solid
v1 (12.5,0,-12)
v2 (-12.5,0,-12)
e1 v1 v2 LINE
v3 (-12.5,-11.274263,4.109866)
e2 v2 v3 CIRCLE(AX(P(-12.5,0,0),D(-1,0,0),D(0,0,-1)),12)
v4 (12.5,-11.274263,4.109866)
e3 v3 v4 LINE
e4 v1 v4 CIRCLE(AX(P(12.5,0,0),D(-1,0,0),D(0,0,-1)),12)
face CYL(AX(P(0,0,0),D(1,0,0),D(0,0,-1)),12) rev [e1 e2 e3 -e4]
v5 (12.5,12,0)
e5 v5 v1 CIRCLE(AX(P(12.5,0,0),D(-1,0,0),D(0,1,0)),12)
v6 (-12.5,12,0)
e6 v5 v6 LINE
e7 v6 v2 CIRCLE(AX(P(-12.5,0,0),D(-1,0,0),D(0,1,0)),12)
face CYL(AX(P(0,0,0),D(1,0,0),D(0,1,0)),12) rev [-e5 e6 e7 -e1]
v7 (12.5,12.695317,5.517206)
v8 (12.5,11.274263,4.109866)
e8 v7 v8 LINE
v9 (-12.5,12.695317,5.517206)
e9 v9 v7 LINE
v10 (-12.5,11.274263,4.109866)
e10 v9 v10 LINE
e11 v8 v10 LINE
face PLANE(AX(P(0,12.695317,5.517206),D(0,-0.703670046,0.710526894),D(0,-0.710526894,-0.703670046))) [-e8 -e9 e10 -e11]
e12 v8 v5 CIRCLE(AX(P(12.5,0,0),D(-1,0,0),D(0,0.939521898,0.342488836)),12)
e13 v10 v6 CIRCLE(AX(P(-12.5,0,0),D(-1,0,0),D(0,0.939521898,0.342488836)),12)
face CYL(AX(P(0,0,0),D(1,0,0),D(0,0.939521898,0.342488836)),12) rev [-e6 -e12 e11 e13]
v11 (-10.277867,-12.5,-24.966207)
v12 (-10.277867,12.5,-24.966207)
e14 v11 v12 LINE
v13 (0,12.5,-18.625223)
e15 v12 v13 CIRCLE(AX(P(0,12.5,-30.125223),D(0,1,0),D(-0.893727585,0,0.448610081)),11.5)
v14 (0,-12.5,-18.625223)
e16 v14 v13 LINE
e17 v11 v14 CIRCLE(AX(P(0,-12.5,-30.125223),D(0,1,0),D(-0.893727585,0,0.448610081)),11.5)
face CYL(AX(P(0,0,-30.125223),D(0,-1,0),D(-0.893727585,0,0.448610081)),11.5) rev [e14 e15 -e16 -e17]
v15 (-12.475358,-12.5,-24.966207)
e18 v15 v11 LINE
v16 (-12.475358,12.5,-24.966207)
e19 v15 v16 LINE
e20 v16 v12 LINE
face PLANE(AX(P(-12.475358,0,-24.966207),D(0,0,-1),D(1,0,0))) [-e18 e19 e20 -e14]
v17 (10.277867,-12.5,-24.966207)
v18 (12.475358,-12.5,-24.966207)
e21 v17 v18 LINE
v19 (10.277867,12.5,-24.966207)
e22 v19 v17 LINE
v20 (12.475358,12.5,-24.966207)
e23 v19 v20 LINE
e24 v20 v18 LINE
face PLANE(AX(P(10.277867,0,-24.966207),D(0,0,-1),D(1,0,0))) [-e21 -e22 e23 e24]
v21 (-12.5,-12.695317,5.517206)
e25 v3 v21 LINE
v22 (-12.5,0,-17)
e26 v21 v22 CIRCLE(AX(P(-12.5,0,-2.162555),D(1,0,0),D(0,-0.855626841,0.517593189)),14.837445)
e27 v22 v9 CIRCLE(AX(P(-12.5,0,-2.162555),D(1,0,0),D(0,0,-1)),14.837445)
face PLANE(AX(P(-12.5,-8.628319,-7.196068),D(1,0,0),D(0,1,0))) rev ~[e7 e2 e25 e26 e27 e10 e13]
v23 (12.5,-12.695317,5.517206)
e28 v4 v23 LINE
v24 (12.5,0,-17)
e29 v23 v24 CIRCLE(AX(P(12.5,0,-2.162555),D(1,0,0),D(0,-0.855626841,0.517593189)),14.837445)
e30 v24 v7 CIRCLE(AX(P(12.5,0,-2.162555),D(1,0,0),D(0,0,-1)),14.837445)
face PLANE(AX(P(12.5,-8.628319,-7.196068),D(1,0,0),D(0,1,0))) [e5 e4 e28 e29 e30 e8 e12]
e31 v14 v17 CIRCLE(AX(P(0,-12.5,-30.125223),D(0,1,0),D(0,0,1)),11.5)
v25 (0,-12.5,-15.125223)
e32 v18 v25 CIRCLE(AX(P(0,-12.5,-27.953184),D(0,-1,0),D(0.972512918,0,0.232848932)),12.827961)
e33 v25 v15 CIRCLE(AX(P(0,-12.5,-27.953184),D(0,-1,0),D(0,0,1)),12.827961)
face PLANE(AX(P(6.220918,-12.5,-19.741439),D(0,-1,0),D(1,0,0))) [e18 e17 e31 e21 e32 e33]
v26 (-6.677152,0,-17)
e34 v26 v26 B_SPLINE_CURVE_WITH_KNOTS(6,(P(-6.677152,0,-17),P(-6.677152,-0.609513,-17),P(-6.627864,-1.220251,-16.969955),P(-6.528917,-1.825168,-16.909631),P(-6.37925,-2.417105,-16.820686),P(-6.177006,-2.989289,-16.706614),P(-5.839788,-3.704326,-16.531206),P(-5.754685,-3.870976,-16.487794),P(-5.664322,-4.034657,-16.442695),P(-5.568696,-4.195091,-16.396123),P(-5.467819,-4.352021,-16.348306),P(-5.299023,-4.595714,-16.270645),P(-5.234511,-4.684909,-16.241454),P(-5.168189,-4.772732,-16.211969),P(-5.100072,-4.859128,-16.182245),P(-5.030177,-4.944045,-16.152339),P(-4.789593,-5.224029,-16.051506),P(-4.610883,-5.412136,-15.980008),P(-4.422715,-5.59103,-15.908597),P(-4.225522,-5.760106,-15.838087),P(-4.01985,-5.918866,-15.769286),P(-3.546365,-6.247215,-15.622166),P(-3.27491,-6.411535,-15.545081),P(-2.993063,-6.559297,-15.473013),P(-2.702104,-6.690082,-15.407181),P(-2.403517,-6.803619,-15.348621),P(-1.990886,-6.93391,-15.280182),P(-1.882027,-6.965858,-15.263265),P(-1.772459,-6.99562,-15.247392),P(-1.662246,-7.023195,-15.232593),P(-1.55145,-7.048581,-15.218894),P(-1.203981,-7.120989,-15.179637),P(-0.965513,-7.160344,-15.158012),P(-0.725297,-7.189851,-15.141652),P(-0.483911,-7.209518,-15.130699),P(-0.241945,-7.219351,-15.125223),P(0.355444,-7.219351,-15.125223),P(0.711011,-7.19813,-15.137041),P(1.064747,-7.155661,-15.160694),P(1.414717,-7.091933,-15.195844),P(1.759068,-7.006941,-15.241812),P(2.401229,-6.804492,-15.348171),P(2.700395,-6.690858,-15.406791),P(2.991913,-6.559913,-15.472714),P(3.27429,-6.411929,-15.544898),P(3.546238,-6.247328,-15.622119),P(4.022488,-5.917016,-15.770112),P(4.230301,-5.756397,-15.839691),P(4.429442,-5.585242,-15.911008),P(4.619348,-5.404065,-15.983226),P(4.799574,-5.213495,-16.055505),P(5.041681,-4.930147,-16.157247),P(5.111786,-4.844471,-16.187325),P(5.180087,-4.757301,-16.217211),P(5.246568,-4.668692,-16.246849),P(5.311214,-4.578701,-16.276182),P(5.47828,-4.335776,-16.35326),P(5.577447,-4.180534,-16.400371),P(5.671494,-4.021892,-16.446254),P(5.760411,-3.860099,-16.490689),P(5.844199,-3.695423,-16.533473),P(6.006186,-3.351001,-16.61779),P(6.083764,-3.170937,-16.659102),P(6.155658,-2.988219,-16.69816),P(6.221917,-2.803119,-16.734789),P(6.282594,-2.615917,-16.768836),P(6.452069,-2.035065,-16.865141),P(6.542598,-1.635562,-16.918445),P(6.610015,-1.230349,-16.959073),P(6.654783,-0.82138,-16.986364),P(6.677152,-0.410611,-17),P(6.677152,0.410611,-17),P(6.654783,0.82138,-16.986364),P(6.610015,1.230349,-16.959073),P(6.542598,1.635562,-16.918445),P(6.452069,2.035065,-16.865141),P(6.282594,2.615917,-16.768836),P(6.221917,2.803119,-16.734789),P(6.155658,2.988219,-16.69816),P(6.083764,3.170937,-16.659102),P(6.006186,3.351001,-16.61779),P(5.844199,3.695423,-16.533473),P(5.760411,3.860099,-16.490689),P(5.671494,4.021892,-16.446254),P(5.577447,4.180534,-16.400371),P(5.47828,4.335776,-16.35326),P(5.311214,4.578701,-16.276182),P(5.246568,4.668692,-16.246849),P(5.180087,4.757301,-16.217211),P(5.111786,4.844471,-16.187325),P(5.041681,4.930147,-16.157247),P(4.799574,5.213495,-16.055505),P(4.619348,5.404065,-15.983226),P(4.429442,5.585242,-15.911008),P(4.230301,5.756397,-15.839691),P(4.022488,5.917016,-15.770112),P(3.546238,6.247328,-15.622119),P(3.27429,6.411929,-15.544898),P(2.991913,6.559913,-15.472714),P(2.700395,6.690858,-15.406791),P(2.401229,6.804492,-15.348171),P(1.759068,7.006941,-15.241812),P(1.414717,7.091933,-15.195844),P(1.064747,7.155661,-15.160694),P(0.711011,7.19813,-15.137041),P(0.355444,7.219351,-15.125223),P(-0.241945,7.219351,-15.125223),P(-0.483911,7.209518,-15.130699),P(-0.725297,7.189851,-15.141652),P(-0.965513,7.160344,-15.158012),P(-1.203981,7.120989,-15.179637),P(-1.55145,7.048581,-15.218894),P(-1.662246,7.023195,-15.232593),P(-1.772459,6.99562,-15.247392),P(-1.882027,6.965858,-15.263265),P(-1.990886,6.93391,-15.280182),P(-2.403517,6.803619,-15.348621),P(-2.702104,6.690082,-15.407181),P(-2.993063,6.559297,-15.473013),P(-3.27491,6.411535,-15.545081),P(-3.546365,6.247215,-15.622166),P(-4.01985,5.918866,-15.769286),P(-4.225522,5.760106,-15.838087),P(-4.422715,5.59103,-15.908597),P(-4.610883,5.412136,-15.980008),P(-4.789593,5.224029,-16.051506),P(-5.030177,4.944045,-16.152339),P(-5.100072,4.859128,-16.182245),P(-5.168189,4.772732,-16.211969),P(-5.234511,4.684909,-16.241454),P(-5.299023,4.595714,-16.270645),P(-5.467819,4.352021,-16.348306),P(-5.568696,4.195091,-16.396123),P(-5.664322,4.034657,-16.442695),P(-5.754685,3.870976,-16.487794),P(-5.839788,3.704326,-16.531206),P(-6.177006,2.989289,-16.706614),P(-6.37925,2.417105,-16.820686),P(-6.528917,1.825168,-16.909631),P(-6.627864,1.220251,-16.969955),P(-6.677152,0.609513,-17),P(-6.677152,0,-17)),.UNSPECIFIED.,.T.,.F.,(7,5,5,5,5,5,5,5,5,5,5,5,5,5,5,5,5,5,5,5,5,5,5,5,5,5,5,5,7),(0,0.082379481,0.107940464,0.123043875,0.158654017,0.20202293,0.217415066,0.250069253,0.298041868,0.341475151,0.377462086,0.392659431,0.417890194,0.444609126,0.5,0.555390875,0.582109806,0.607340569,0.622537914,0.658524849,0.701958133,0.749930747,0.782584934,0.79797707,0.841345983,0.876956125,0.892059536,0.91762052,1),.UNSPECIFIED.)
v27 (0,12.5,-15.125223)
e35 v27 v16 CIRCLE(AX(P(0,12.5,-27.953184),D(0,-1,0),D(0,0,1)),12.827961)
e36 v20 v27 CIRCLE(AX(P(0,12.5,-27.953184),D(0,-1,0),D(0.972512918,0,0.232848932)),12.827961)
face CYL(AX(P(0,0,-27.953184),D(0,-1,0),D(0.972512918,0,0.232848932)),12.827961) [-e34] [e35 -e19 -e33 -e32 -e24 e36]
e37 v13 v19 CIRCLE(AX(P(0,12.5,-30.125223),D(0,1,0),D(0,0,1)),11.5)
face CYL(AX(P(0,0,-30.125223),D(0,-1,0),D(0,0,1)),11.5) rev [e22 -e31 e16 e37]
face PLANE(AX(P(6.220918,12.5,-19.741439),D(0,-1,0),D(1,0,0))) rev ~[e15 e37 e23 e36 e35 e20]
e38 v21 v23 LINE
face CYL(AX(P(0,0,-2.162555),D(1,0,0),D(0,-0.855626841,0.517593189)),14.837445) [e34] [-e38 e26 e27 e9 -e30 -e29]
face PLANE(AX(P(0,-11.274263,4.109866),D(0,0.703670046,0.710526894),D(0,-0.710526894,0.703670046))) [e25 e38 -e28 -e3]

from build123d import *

# Parameters (mm, degrees)
F1_DEPTH = 12.5
F3_DEPTH = 12.5


with BuildPart() as f1:
    # F0 (on Right) → F1 (new body, symmetric)
    with BuildSketch(Plane.YZ):
        with BuildLine():
            Line((0, -17), (0, -12))
            ThreePointArc((0, -12), (-9.8315408875, -6.8804653751), (-11.2742627767, 4.1098660371))
            Line((-11.2742627767, 4.1098660371), (-12.6953165638, 5.5172061289))
            ThreePointArc((-12.6953165638, 5.5172061289), (-12.9247401764, -9.4495895167), (0, -17))
        make_face()
        with BuildLine():
            ThreePointArc((11.2742627767, 4.1098660371), (11.8171729555, 2.0867255066), (12, 0))
            ThreePointArc((12, 0), (8.4852813742, -8.4852813742), (0, -12))
            Line((0, -12), (0, -17))
            ThreePointArc((0, -17), (12.9247401764, -9.4495895167), (12.6953165638, 5.5172061289))
            Line((12.6953165638, 5.5172061289), (11.2742627767, 4.1098660371))
        make_face()
    extrude(amount=F1_DEPTH, both=True)

    # F2 (on Front) → F3 (join, symmetric)
    with BuildSketch(Plane.XZ):
        with BuildLine():
            ThreePointArc((0, -18.6252225989), (6.0382661769, -20.3380196492), (10.2778672238, -24.9662066724))
            Line((10.2778672238, -24.9662066724), (12.4753578975, -24.9662066724))
            ThreePointArc((12.4753578975, -24.9662066724), (7.944802109, -17.8816045994), (0, -15.1252225989))
            Line((0, -15.1252225989), (0, -18.6252225989))
        make_face()
        with BuildLine():
            Line((-12.4753578975, -24.9662066724), (-10.2778672238, -24.9662066724))
            ThreePointArc((-10.2778672238, -24.9662066724), (-6.0382661769, -20.3380196492), (0, -18.6252225989))
            Line((0, -18.6252225989), (0, -15.1252225989))
            ThreePointArc((0, -15.1252225989), (-7.944802109, -17.8816045994), (-12.4753578975, -24.9662066724))
        make_face()
    extrude(amount=F3_DEPTH, both=True)


solid = f1.part
